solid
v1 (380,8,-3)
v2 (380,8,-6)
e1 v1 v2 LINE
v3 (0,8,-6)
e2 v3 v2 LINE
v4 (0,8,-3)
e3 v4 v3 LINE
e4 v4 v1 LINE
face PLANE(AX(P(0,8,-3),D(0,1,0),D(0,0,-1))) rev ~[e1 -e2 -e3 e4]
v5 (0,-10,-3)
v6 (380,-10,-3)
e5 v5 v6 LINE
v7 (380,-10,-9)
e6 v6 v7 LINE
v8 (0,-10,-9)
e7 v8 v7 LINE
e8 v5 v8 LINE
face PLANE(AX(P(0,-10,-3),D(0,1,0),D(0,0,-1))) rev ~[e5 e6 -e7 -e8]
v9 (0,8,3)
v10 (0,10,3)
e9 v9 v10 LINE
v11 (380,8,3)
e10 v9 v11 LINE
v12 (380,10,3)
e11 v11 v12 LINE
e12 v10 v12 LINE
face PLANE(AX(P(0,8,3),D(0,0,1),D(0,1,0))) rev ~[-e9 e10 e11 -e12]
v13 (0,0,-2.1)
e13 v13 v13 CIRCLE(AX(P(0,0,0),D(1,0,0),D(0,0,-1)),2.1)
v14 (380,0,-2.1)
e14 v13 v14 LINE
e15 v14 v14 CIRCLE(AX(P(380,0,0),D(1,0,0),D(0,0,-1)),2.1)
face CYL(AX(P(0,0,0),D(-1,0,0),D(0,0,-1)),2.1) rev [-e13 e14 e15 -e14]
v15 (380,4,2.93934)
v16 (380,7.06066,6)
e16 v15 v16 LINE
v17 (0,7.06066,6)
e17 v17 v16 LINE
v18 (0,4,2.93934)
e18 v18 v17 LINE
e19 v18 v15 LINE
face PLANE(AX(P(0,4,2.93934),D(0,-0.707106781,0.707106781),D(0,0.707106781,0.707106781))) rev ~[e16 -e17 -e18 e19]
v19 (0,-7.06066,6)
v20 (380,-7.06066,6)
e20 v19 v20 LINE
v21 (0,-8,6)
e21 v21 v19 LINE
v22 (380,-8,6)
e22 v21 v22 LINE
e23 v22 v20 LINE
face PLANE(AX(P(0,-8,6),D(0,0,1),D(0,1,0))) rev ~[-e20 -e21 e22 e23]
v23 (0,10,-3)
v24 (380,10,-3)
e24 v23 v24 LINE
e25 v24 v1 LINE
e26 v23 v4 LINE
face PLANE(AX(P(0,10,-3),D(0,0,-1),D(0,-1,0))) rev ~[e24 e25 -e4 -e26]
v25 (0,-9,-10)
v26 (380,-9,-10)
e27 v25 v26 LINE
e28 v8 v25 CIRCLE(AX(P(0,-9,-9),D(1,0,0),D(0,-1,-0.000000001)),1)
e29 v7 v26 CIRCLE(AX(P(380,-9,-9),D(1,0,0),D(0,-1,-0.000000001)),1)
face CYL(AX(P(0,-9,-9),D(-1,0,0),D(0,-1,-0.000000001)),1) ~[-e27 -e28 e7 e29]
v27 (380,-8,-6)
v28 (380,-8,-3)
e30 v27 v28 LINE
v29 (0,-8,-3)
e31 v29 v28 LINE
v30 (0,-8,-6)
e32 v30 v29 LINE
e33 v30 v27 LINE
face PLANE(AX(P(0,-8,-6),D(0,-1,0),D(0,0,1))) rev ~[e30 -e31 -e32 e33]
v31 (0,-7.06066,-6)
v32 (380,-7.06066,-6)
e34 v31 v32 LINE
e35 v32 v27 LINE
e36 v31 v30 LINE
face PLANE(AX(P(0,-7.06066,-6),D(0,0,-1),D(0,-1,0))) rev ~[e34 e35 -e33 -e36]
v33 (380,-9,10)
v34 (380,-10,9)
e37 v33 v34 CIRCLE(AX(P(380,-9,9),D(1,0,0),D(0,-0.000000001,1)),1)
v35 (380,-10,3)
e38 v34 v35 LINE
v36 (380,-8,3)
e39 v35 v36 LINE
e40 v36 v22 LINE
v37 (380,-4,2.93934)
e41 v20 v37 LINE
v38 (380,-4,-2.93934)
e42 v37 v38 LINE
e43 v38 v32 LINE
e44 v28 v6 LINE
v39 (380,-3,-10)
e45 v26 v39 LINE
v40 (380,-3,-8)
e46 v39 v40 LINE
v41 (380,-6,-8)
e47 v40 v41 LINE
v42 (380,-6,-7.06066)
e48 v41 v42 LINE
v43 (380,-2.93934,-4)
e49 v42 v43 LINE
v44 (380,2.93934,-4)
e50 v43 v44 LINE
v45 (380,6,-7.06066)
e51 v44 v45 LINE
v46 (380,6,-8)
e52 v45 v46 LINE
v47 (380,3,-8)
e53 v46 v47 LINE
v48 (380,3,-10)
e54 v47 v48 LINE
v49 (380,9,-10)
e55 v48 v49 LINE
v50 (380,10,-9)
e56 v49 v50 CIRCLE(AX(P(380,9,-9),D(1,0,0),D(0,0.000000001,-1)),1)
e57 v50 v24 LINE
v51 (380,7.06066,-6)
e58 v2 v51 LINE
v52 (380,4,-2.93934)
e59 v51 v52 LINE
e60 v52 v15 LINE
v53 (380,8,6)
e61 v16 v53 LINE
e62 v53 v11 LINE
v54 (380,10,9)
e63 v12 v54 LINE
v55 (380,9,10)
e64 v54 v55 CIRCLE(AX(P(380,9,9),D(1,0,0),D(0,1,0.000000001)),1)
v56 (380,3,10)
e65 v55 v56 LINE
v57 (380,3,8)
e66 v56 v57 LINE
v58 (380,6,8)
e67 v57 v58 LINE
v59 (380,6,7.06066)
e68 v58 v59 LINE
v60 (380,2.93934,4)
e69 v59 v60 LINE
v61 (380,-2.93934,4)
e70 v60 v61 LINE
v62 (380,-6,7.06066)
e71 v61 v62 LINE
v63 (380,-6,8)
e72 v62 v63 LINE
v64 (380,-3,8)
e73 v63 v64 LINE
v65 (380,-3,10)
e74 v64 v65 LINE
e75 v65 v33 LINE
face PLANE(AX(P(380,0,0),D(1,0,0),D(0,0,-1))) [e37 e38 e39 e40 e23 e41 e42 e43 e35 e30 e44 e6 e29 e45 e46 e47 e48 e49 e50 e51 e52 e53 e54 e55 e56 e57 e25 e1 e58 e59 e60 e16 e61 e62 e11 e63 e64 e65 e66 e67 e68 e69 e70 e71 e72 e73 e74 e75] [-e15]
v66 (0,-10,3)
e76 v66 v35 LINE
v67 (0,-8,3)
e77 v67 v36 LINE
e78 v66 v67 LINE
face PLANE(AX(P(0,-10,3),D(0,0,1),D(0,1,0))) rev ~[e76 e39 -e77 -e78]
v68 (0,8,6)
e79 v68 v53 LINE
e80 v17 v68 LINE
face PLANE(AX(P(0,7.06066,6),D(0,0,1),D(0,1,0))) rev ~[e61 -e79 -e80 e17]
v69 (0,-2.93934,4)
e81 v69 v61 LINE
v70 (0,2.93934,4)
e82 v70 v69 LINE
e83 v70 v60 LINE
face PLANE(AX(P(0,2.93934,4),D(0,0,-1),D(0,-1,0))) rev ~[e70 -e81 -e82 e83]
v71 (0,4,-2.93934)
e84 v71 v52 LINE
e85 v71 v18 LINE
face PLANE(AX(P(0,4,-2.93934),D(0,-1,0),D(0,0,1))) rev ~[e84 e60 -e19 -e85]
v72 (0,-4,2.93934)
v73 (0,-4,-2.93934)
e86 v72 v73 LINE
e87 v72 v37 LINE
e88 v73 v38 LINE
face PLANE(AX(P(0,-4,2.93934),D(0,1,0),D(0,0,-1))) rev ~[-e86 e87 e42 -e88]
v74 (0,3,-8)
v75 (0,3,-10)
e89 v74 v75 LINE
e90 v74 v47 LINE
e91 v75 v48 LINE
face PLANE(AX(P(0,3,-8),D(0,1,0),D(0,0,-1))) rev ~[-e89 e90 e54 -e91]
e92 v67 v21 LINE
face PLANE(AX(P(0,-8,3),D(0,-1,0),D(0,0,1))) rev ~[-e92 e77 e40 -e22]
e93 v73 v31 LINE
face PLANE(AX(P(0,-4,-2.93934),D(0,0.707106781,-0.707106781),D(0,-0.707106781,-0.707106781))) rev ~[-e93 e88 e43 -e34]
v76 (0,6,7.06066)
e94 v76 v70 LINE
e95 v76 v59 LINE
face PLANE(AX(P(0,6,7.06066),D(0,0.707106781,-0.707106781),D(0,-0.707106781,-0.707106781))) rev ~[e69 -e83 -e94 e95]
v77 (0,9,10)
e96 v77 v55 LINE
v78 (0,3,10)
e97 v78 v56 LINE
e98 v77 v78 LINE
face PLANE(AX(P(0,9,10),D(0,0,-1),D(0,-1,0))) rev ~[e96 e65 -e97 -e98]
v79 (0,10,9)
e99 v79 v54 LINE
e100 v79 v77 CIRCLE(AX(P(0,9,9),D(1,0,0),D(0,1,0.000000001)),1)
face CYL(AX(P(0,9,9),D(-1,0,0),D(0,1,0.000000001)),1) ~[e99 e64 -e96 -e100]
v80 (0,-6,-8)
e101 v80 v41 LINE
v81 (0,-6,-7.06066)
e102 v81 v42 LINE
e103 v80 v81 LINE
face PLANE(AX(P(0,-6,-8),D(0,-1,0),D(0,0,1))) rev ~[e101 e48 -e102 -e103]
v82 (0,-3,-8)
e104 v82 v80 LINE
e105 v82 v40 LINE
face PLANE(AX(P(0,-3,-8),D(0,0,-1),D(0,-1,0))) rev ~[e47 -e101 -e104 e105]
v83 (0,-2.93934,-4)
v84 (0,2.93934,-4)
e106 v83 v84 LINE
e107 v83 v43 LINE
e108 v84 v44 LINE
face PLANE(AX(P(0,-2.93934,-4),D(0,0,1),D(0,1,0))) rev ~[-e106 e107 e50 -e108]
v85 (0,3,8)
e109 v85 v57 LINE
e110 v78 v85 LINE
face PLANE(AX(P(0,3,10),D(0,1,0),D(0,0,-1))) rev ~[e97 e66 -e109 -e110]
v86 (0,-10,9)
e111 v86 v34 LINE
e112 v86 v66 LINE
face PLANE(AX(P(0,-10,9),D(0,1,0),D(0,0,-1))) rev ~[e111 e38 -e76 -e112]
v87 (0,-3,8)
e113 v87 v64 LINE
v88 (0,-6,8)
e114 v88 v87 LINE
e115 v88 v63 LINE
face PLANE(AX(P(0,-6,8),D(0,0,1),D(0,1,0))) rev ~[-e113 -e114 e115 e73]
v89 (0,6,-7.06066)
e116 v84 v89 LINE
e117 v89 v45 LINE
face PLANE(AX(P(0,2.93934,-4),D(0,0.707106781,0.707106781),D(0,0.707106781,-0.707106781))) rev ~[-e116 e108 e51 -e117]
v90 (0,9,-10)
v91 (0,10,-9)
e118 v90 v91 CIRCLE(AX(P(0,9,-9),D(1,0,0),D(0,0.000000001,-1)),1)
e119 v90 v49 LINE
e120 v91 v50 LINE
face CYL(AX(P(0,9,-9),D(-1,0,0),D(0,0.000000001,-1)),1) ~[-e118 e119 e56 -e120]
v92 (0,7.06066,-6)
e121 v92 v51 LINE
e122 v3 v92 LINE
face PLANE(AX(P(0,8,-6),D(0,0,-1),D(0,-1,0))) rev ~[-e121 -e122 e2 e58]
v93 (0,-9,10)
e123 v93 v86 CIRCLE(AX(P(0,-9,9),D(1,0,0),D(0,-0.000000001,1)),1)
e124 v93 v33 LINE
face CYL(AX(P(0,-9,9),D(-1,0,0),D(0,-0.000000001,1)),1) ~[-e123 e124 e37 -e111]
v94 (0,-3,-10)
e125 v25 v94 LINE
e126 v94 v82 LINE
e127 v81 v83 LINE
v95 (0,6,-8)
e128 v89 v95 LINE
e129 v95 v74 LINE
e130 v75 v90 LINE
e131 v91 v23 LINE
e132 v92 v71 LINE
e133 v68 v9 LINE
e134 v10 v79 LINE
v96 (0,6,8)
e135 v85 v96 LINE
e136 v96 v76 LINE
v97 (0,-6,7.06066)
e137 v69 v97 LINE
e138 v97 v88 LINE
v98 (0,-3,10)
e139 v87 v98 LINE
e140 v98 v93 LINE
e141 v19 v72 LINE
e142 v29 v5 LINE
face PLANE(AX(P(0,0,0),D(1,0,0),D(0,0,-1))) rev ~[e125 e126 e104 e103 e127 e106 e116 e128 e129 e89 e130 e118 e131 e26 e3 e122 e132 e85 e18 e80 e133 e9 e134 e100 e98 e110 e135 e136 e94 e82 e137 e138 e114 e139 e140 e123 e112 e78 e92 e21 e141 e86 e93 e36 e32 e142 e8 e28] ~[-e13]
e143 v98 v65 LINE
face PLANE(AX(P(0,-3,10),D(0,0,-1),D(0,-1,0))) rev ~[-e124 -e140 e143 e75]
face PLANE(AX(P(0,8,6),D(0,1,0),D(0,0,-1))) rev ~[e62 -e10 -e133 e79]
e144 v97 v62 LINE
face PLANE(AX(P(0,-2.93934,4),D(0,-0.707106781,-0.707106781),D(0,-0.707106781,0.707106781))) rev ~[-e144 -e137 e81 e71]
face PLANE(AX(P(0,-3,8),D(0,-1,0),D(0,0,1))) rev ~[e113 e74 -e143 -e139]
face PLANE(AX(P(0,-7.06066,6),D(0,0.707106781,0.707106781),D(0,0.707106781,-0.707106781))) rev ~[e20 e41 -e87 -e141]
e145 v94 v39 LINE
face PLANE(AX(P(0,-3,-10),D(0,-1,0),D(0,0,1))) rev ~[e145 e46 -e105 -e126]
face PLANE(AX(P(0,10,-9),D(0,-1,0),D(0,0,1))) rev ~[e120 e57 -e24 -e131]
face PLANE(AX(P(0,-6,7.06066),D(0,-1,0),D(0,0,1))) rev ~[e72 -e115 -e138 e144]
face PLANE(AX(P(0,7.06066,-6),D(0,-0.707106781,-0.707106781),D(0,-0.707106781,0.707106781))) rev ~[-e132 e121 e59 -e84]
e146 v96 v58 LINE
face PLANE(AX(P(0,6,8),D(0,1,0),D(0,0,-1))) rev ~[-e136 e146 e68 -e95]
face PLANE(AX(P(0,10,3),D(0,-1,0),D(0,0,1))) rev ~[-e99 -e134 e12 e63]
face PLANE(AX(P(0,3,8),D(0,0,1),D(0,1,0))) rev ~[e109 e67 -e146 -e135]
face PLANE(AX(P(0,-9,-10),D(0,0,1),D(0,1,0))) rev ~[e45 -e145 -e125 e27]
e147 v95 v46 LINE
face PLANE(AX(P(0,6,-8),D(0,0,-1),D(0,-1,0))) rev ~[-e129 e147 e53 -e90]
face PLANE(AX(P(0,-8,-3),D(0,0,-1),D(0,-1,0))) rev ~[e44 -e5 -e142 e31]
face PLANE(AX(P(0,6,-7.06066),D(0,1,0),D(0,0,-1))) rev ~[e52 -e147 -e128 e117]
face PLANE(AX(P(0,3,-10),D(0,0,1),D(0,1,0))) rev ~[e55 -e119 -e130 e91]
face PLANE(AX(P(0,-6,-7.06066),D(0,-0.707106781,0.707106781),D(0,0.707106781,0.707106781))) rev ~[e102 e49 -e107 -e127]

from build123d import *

# Parameters (mm, degrees)
SKETCH1_R           = 2.1
BOSS_EXTRUDE1_DEPTH = 380


with BuildPart() as part:
    # Sketch1 → Boss-Extrude1 (new body)
    with BuildSketch(Plane(origin=(0, 0, 0), x_dir=(0, 0, -1), z_dir=(1, 0, 0))):
        with BuildLine():
            Line((-10, 9), (-10, 3))
            Line((-10, 3), (-8, 3))
            Line((-8, 3), (-8, 6))
            Line((-8, 6), (-7.060660172, 6))
            Line((-7.060660172, 6), (-4, 2.939339828))
            Line((-4, 2.939339828), (-4, -2.939339828))
            Line((-4, -2.939339828), (-7.060660172, -6))
            Line((-7.060660172, -6), (-8, -6))
            Line((-8, -6), (-8, -3))
            Line((-8, -3), (-10, -3))
            Line((-10, -3), (-10, -9))
            ThreePointArc((-10, -9), (-9.707106781, -9.707106781), (-9, -10))
            Line((-9, -10), (-3, -10))
            Line((-3, -10), (-3, -8))
            Line((-3, -8), (-6, -8))
            Line((-6, -8), (-6, -7.060660172))
            Line((-6, -7.060660172), (-2.939339828, -4))
            Line((-2.939339828, -4), (2.939339828, -4))
            Line((2.939339828, -4), (6, -7.060660172))
            Line((6, -7.060660172), (6, -8))
            Line((6, -8), (3, -8))
            Line((3, -8), (3, -10))
            Line((3, -10), (9, -10))
            ThreePointArc((9, -10), (9.707106781, -9.707106781), (10, -9))
            Line((10, -9), (10, -3))
            Line((10, -3), (8, -3))
            Line((8, -3), (8, -6))
            Line((8, -6), (7.060660172, -6))
            Line((7.060660172, -6), (4, -2.939339828))
            Line((4, -2.939339828), (4, 2.939339828))
            Line((4, 2.939339828), (7.060660172, 6))
            Line((7.060660172, 6), (8, 6))
            Line((8, 6), (8, 3))
            Line((8, 3), (10, 3))
            Line((10, 3), (10, 9))
            ThreePointArc((10, 9), (9.707106781, 9.707106781), (9, 10))
            Line((9, 10), (3, 10))
            Line((3, 10), (3, 8))
            Line((3, 8), (6, 8))
            Line((6, 8), (6, 7.060660172))
            Line((6, 7.060660172), (2.939339828, 4))
            Line((2.939339828, 4), (-2.939339828, 4))
            Line((-2.939339828, 4), (-6, 7.060660172))
            Line((-6, 7.060660172), (-6, 8))
            Line((-6, 8), (-3, 8))
            Line((-3, 8), (-3, 10))
            Line((-3, 10), (-9, 10))
            ThreePointArc((-9, 10), (-9.707106781, 9.707106781), (-10, 9))
        make_face()
        Circle(SKETCH1_R, mode=Mode.SUBTRACT)
    extrude(amount=BOSS_EXTRUDE1_DEPTH)


solid = part.part
